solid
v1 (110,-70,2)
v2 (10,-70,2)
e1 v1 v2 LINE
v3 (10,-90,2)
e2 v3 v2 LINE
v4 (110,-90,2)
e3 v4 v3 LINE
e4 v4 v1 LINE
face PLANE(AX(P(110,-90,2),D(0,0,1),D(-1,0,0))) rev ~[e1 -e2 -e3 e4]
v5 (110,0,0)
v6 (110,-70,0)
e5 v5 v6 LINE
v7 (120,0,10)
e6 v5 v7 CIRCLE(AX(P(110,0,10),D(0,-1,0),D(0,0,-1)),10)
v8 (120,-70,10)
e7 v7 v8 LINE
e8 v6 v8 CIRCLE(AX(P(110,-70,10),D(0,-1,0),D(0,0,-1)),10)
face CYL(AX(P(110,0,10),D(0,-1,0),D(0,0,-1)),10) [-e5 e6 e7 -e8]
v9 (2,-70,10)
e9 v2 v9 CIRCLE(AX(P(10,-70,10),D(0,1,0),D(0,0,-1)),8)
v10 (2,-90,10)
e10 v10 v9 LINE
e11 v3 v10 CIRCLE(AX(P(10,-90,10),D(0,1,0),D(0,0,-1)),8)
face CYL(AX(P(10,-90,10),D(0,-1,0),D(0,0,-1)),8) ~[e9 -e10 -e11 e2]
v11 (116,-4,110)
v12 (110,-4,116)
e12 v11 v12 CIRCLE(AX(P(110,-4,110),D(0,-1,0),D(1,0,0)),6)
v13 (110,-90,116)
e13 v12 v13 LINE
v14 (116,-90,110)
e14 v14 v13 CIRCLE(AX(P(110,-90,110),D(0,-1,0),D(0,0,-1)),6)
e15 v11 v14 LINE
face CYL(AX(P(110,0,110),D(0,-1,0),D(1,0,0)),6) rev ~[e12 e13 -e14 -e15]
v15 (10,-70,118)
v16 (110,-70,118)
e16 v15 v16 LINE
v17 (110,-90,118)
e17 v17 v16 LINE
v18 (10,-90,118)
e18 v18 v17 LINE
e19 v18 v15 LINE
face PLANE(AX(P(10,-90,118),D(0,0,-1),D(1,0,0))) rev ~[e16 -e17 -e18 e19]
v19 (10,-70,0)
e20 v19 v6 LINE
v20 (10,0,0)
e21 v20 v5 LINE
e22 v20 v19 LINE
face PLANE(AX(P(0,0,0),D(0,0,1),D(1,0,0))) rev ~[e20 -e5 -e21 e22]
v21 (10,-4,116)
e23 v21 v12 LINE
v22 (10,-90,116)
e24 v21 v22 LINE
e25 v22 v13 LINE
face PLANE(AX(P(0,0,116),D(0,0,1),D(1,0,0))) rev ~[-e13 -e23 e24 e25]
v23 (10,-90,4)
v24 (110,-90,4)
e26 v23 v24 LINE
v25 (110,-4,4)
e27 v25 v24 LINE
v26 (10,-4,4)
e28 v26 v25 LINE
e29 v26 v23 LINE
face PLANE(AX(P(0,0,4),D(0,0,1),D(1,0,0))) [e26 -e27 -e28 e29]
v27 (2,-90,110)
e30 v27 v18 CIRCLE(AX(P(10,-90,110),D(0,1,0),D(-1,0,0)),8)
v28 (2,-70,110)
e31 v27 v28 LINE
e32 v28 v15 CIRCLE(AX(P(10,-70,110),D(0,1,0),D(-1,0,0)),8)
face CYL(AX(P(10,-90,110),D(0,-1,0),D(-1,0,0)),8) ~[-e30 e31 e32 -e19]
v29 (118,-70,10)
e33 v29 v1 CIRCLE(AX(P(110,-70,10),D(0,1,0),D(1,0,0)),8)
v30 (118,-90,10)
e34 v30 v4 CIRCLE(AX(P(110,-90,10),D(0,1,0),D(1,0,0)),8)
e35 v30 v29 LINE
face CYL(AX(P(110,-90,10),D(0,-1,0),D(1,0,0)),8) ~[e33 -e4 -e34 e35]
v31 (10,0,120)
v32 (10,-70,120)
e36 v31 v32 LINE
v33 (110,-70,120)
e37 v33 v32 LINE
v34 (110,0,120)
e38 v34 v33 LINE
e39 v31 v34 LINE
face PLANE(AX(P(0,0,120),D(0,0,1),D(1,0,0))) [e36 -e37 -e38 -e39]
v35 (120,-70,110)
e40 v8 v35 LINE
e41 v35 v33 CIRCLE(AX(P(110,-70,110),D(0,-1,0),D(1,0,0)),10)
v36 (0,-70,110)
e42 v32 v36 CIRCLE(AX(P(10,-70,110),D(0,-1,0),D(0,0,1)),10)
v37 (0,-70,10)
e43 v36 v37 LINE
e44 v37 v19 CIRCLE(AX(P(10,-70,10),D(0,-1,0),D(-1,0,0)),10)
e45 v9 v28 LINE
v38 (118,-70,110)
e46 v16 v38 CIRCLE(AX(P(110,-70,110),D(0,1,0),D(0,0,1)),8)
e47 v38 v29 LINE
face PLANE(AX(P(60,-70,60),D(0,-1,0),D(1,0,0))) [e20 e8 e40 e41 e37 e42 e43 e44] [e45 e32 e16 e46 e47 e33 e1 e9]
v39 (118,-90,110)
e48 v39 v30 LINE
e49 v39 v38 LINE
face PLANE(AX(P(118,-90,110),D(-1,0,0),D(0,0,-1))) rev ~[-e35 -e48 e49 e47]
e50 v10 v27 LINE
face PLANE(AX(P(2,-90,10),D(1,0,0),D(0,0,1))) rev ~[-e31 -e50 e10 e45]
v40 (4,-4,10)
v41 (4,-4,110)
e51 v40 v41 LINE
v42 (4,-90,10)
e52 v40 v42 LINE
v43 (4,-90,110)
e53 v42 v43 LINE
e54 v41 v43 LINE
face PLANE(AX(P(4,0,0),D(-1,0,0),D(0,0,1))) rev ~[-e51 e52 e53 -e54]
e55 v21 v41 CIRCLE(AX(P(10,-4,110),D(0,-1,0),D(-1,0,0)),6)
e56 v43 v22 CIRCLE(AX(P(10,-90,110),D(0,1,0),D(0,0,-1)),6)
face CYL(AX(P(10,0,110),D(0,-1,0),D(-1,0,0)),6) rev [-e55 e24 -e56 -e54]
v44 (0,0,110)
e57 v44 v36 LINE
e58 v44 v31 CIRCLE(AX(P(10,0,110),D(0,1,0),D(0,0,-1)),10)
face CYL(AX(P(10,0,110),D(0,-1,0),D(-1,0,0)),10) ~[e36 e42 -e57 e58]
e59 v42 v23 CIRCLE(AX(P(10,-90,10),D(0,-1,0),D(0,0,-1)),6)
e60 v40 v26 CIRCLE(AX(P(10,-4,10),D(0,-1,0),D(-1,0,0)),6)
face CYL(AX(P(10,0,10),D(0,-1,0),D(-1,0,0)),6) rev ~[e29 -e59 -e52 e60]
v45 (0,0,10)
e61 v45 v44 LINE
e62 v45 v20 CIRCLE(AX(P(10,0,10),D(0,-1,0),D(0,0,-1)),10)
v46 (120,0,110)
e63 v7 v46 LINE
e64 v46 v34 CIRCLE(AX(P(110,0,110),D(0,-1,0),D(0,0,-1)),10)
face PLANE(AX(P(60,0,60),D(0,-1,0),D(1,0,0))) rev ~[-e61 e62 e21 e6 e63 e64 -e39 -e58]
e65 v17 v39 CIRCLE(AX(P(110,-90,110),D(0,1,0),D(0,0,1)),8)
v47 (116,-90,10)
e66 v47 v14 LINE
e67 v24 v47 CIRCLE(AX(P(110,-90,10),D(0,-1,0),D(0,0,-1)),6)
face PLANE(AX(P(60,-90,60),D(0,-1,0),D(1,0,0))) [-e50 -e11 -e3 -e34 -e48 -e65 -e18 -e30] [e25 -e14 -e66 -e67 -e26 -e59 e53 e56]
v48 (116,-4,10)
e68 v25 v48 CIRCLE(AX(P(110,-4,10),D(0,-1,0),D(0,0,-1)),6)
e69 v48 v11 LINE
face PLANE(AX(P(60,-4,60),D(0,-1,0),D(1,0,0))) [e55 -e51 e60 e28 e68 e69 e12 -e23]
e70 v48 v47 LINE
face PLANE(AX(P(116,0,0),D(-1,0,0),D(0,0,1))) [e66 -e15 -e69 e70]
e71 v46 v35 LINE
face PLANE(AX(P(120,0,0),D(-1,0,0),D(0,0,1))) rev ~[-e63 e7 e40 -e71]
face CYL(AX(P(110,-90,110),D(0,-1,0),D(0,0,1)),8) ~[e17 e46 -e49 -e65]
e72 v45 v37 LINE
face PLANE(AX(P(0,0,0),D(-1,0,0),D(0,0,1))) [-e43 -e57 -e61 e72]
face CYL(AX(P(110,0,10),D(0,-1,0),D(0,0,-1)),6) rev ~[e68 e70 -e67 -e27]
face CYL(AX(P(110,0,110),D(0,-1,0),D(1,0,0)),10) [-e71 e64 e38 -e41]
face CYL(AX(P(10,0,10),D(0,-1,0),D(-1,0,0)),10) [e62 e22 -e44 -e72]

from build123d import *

# Parameters (mm, degrees)
F0_W     = 120
F0_H     = 120
F1_DEPTH = 90
F2_R     = 10
F3_T     = -4
F5_DEPTH = 20


with BuildPart() as f1:
    # F0 (on Front) → F1 (new body)
    with BuildSketch(Plane.XZ):
        with Locations((60, 60)):
            Rectangle(F0_W, F0_H)
    extrude(amount=F1_DEPTH)

    # F2
    f2_edges = [f1.edges().sort_by_distance(p)[0] for p in [
        (0, -45, 120),
        (120, -45, 120),
        (120, -45, 0),
        (0, -45, 0),
    ]]
    fillet(f2_edges, radius=F2_R)

    # F3
    f3_openings = [f1.faces().sort_by_distance(p)[0] for p in [
        (60, -90, 60),
    ]]
    offset(amount=F3_T, openings=f3_openings)

    # F4 (on face) → F5 (cut)
    with BuildSketch(Plane.XZ.offset(90)):
        with BuildLine():
            ThreePointArc((10, 120), (2.9289321881, 117.0710678119), (0, 110))
            Line((0, 110), (0, 10))
            ThreePointArc((0, 10), (2.9289321881, 2.9289321881), (10, 0))
            Line((10, 0), (110, 0))
            ThreePointArc((110, 0), (117.0710678119, 2.9289321881), (120, 10))
            Line((120, 10), (120, 110))
            ThreePointArc((120, 110), (117.0710678119, 117.0710678119), (110, 120))
            Line((110, 120), (10, 120))
        make_face()
        with BuildLine():
            ThreePointArc((2, 110), (4.3431457505, 115.6568542495), (10, 118))
            Line((10, 118), (110, 118))
            ThreePointArc((110, 118), (115.6568542495, 115.6568542495), (118, 110))
            Line((118, 110), (118, 10))
            ThreePointArc((118, 10), (115.6568542495, 4.3431457505), (110, 2))
            Line((110, 2), (10, 2))
            ThreePointArc((10, 2), (4.3431457505, 4.3431457505), (2, 10))
            Line((2, 10), (2, 110))
        make_face(mode=Mode.SUBTRACT)
    extrude(amount=-F5_DEPTH, mode=Mode.SUBTRACT)


solid = f1.part
